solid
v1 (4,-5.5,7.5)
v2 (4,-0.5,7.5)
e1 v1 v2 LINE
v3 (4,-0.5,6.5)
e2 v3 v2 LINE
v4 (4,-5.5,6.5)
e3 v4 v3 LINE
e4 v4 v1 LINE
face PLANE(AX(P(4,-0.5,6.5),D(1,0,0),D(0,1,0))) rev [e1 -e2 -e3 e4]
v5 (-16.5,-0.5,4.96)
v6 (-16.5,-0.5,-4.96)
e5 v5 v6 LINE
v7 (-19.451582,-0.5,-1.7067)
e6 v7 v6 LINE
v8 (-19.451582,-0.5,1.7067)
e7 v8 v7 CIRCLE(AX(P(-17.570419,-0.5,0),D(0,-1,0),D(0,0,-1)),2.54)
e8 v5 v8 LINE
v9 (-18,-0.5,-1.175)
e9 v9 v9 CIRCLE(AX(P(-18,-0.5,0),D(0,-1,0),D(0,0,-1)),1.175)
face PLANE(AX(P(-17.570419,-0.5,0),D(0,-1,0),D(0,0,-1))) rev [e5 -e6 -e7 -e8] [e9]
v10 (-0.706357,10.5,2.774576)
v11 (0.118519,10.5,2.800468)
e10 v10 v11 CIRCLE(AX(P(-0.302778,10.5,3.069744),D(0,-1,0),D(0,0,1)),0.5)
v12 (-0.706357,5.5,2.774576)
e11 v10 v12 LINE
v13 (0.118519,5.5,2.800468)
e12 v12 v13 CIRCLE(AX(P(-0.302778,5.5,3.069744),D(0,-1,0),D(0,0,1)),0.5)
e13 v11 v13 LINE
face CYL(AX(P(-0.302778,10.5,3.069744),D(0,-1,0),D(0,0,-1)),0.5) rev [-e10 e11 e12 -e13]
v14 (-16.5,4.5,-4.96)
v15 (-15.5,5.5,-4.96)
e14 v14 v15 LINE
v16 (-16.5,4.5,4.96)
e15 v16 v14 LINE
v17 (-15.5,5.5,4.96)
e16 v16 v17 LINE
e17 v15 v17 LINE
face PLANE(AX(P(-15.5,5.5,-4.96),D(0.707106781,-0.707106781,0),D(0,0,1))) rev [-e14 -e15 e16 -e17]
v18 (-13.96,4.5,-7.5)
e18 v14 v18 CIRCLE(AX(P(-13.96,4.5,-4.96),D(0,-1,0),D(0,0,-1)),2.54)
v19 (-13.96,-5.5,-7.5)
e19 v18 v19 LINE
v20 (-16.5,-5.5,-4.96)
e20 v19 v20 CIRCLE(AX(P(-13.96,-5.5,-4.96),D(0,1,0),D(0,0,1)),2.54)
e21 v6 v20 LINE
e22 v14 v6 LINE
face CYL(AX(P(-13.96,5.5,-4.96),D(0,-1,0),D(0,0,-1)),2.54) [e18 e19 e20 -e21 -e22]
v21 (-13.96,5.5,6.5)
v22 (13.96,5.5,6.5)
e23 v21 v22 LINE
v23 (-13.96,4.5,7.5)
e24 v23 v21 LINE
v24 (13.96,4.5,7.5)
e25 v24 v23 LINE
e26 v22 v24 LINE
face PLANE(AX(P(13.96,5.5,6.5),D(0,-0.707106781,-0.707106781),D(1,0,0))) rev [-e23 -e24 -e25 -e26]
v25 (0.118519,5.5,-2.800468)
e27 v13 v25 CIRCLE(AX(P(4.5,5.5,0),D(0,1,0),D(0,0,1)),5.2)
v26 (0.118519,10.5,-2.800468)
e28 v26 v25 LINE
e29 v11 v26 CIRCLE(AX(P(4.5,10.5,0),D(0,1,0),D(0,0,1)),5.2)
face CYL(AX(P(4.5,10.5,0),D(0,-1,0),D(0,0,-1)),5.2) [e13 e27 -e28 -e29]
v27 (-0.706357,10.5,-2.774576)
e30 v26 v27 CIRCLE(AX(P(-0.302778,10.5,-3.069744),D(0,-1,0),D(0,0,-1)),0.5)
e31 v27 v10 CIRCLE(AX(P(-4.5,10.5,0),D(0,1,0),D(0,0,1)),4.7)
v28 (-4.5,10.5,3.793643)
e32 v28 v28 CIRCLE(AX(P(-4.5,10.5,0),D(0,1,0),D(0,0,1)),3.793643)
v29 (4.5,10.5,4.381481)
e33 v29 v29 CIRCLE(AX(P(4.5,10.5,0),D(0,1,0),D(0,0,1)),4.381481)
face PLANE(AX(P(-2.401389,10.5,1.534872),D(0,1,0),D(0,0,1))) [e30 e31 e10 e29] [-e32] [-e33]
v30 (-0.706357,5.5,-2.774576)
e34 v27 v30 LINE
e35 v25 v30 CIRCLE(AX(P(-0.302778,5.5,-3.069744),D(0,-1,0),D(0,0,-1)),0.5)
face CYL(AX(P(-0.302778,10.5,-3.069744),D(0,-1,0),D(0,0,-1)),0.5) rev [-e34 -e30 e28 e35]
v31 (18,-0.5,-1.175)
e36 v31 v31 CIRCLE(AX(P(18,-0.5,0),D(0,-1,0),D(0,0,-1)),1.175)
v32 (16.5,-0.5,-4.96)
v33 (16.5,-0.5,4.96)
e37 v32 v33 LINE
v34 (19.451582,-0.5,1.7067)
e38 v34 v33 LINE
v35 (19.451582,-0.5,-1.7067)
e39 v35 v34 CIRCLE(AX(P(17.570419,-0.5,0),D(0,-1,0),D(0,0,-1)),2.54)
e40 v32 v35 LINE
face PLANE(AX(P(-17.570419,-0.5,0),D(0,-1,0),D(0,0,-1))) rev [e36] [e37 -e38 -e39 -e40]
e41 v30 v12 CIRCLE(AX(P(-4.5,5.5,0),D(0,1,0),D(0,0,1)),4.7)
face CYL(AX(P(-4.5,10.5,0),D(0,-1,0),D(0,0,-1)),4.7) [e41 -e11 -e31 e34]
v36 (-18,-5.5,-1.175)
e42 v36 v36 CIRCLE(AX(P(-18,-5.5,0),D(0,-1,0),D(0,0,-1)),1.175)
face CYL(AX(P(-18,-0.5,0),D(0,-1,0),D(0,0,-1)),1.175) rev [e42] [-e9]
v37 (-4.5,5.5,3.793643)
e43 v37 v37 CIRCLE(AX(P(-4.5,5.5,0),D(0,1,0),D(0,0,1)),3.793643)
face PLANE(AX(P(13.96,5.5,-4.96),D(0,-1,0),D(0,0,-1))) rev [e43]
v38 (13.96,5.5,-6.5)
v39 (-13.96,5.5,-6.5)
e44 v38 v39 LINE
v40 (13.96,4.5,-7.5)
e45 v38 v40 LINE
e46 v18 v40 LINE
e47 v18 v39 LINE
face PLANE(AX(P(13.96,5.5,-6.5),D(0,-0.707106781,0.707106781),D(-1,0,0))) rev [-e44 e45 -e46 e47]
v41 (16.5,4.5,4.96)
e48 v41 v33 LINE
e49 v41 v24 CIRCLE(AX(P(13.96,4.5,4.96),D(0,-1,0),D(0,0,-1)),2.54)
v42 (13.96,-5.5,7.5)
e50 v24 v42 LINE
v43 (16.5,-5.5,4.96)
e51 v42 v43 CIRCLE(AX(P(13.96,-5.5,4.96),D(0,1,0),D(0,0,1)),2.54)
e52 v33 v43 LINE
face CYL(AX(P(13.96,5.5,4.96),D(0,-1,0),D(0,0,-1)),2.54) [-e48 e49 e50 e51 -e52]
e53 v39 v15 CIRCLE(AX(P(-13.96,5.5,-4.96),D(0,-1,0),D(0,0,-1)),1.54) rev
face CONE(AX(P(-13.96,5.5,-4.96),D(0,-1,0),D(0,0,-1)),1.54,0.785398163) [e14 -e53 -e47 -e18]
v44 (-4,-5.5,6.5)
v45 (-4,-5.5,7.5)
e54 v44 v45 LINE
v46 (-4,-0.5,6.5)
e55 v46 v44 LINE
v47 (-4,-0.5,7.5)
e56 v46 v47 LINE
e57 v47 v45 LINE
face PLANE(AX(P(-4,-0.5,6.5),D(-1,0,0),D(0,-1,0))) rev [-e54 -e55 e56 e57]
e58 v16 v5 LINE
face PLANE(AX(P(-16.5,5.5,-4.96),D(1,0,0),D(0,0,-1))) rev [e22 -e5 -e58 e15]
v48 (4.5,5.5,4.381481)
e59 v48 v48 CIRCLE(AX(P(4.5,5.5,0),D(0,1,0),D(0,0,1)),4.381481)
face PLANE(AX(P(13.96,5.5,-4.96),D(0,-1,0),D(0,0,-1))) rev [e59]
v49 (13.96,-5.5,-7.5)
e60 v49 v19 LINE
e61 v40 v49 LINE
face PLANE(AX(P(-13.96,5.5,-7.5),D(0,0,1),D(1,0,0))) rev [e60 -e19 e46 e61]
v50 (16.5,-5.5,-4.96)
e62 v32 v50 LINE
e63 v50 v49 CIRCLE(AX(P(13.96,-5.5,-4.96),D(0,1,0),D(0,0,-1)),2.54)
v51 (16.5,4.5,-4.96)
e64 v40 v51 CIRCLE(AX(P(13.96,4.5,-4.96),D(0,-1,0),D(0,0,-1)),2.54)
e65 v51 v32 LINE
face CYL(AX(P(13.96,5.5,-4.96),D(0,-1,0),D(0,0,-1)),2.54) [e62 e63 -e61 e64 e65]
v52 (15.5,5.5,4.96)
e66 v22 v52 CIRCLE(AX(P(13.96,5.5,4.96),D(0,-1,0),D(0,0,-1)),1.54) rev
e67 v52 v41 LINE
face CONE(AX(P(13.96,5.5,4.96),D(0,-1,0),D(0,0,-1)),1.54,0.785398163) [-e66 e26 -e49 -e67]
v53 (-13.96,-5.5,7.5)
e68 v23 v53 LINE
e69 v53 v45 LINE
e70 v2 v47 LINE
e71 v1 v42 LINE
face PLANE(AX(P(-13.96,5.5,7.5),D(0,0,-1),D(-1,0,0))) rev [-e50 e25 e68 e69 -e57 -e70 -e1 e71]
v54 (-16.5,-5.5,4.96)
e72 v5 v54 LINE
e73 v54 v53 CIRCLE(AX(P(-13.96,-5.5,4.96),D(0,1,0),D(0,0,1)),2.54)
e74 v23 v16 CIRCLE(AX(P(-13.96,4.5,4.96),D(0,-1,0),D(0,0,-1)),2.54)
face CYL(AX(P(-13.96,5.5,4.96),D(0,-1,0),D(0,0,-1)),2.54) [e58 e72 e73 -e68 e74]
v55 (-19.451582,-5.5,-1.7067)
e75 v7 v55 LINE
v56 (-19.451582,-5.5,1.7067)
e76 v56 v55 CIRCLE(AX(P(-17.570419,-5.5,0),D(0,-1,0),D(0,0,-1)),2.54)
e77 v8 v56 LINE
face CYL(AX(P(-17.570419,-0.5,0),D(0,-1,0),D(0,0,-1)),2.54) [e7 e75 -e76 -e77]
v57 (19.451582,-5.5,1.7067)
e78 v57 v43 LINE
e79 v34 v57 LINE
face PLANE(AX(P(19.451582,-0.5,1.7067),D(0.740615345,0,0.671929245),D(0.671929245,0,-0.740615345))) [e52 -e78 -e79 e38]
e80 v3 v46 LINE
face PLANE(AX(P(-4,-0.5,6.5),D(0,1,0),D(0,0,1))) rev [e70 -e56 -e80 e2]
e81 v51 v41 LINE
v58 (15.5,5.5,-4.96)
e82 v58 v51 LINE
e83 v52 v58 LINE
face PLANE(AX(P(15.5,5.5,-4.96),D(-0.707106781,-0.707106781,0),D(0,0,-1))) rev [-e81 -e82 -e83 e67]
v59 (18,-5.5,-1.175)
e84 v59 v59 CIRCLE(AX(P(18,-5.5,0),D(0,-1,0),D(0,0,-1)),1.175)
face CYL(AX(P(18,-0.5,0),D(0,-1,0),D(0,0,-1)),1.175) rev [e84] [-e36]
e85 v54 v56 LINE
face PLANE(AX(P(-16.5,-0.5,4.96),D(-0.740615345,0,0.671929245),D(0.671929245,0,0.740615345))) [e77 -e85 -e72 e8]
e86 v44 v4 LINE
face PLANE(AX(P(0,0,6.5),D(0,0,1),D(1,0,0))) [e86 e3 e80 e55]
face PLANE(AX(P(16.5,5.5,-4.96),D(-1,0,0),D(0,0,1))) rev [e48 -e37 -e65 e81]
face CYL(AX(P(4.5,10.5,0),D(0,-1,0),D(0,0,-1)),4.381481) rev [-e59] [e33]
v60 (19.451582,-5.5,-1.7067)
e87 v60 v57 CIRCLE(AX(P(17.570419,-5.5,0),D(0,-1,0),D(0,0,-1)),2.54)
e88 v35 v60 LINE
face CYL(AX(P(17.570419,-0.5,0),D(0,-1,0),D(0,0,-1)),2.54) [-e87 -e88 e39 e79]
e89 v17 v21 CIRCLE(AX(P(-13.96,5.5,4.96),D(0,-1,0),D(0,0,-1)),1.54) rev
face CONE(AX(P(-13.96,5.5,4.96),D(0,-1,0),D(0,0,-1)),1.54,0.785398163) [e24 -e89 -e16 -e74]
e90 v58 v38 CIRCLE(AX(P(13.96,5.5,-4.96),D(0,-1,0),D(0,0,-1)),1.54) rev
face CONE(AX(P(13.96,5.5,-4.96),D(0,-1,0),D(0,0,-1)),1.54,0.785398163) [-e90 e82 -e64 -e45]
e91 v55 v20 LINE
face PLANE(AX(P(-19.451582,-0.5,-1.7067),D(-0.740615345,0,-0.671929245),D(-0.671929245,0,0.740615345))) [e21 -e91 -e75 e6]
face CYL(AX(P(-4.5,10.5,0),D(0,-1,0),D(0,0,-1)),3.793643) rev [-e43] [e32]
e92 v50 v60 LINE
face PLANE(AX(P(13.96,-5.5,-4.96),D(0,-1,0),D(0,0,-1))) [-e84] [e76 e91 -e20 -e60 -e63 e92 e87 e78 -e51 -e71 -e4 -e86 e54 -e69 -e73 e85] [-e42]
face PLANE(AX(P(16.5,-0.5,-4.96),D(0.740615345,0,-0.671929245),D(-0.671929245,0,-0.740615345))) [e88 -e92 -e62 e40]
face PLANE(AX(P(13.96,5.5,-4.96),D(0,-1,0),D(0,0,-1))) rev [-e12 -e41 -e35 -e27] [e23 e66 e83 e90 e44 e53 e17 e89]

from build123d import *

# Parameters (mm, degrees)
BOSS_EXTRUDE1_DEPTH = 5.5
SKETCH2_R           = 1.175
BOSS_EXTRUDE2_DEPTH = 5
CHAMFER1_SIZE       = 1
SKETCH3_R           = 3.793643162
SKETCH3_R_2         = 4.381481481
BOSS_EXTRUDE3_DEPTH = 5
SKETCH4_W           = 8
SKETCH4_H           = 5
CUT_EXTRUDE1_DEPTH  = 1


with BuildPart() as part:
    # Sketch1 → Boss-Extrude1 (new body, symmetric)
    with BuildSketch(Plane(origin=(0, 0, 0), x_dir=(1, 0, 0), z_dir=(0, 1, 0))):
        with BuildLine():
            Line((-13.96, 7.5), (13.96, 7.5))
            ThreePointArc((13.96, 7.5), (15.756051224, 6.756051224), (16.5, 4.96))
            Line((16.5, 4.96), (16.5, -4.96))
            ThreePointArc((16.5, -4.96), (15.756051224, -6.756051224), (13.96, -7.5))
            Line((13.96, -7.5), (-13.96, -7.5))
            ThreePointArc((-13.96, -7.5), (-15.756051224, -6.756051224), (-16.5, -4.96))
            Line((-16.5, -4.96), (-16.5, 4.96))
            ThreePointArc((-16.5, 4.96), (-15.756051224, 6.756051224), (-13.96, 7.5))
        make_face()
    extrude(amount=BOSS_EXTRUDE1_DEPTH, both=True)

    # Sketch2 → Boss-Extrude2 (add)
    with BuildSketch(Plane.XZ.offset(5.5)):
        with BuildLine():
            Line((-16.5, 4.96), (-19.451582405, 1.706700282))
            ThreePointArc((-19.451582405, 1.706700282), (-20.110419428, 0), (-19.451582405, -1.706700282))
            Line((-19.451582405, -1.706700282), (-16.5, -4.96))
            Line((-16.5, -4.96), (16.5, -4.96))
            Line((16.5, -4.96), (19.451582406, -1.706700282))
            ThreePointArc((19.451582406, -1.706700282), (20.110419428, 0), (19.451582405, 1.706700282))
            Line((19.451582405, 1.706700282), (16.5, 4.96))
            Line((16.5, 4.96), (-15.93880857, 4.96))
            Line((-15.93880857, 4.96), (-16.5, 4.96))
        make_face()
        with Locations((-18, 0)):
            Circle(SKETCH2_R, mode=Mode.SUBTRACT)
        with Locations((18, 0)):
            Circle(SKETCH2_R, mode=Mode.SUBTRACT)
    extrude(amount=-BOSS_EXTRUDE2_DEPTH)

    # Chamfer1
    chamfer1_edges = [part.edges().sort_by_distance(p)[0] for p in [
        (-15.756051224, 5.5, -6.756051224),
        (-16.5, 5.5, 0),
        (-15.756051224, 5.5, 6.756051224),
        (0, 5.5, 7.5),
        (15.756051224, 5.5, 6.756051224),
        (16.5, 5.5, 0),
        (15.756051224, 5.5, -6.756051224),
        (0, 5.5, -7.5),
    ]]
    chamfer(chamfer1_edges, length=CHAMFER1_SIZE)

    # Sketch3 → Boss-Extrude3 (add)
    with BuildSketch(Plane(origin=(0, 5.5, 0), x_dir=(1, 0, 0), z_dir=(0, 1, 0))):
        with BuildLine():
            ThreePointArc((-0.706356838, 2.774575924), (-9.2, 0), (-0.706356838, -2.774575924))
            ThreePointArc((-0.706356838, -2.774575924), (-0.287091072, -2.569989708), (0.118518519, -2.800467823))
            ThreePointArc((0.118518519, -2.800467823), (9.7, 0), (0.118518519, 2.800467823))
            ThreePointArc((0.118518519, 2.800467823), (-0.287091072, 2.569989708), (-0.706356838, 2.774575924))
        make_face()
        with Locations((-4.5, 0)):
            Circle(SKETCH3_R, mode=Mode.SUBTRACT)
        with Locations((4.5, 0)):
            Circle(SKETCH3_R_2, mode=Mode.SUBTRACT)
    extrude(amount=BOSS_EXTRUDE3_DEPTH)

    # Sketch4 → Cut-Extrude1 (cut)
    with BuildSketch(Plane.XY.offset(7.5)):
        with Locations((0, -3)):
            Rectangle(SKETCH4_W, SKETCH4_H)
    extrude(amount=-CUT_EXTRUDE1_DEPTH, mode=Mode.SUBTRACT)


solid = part.part
